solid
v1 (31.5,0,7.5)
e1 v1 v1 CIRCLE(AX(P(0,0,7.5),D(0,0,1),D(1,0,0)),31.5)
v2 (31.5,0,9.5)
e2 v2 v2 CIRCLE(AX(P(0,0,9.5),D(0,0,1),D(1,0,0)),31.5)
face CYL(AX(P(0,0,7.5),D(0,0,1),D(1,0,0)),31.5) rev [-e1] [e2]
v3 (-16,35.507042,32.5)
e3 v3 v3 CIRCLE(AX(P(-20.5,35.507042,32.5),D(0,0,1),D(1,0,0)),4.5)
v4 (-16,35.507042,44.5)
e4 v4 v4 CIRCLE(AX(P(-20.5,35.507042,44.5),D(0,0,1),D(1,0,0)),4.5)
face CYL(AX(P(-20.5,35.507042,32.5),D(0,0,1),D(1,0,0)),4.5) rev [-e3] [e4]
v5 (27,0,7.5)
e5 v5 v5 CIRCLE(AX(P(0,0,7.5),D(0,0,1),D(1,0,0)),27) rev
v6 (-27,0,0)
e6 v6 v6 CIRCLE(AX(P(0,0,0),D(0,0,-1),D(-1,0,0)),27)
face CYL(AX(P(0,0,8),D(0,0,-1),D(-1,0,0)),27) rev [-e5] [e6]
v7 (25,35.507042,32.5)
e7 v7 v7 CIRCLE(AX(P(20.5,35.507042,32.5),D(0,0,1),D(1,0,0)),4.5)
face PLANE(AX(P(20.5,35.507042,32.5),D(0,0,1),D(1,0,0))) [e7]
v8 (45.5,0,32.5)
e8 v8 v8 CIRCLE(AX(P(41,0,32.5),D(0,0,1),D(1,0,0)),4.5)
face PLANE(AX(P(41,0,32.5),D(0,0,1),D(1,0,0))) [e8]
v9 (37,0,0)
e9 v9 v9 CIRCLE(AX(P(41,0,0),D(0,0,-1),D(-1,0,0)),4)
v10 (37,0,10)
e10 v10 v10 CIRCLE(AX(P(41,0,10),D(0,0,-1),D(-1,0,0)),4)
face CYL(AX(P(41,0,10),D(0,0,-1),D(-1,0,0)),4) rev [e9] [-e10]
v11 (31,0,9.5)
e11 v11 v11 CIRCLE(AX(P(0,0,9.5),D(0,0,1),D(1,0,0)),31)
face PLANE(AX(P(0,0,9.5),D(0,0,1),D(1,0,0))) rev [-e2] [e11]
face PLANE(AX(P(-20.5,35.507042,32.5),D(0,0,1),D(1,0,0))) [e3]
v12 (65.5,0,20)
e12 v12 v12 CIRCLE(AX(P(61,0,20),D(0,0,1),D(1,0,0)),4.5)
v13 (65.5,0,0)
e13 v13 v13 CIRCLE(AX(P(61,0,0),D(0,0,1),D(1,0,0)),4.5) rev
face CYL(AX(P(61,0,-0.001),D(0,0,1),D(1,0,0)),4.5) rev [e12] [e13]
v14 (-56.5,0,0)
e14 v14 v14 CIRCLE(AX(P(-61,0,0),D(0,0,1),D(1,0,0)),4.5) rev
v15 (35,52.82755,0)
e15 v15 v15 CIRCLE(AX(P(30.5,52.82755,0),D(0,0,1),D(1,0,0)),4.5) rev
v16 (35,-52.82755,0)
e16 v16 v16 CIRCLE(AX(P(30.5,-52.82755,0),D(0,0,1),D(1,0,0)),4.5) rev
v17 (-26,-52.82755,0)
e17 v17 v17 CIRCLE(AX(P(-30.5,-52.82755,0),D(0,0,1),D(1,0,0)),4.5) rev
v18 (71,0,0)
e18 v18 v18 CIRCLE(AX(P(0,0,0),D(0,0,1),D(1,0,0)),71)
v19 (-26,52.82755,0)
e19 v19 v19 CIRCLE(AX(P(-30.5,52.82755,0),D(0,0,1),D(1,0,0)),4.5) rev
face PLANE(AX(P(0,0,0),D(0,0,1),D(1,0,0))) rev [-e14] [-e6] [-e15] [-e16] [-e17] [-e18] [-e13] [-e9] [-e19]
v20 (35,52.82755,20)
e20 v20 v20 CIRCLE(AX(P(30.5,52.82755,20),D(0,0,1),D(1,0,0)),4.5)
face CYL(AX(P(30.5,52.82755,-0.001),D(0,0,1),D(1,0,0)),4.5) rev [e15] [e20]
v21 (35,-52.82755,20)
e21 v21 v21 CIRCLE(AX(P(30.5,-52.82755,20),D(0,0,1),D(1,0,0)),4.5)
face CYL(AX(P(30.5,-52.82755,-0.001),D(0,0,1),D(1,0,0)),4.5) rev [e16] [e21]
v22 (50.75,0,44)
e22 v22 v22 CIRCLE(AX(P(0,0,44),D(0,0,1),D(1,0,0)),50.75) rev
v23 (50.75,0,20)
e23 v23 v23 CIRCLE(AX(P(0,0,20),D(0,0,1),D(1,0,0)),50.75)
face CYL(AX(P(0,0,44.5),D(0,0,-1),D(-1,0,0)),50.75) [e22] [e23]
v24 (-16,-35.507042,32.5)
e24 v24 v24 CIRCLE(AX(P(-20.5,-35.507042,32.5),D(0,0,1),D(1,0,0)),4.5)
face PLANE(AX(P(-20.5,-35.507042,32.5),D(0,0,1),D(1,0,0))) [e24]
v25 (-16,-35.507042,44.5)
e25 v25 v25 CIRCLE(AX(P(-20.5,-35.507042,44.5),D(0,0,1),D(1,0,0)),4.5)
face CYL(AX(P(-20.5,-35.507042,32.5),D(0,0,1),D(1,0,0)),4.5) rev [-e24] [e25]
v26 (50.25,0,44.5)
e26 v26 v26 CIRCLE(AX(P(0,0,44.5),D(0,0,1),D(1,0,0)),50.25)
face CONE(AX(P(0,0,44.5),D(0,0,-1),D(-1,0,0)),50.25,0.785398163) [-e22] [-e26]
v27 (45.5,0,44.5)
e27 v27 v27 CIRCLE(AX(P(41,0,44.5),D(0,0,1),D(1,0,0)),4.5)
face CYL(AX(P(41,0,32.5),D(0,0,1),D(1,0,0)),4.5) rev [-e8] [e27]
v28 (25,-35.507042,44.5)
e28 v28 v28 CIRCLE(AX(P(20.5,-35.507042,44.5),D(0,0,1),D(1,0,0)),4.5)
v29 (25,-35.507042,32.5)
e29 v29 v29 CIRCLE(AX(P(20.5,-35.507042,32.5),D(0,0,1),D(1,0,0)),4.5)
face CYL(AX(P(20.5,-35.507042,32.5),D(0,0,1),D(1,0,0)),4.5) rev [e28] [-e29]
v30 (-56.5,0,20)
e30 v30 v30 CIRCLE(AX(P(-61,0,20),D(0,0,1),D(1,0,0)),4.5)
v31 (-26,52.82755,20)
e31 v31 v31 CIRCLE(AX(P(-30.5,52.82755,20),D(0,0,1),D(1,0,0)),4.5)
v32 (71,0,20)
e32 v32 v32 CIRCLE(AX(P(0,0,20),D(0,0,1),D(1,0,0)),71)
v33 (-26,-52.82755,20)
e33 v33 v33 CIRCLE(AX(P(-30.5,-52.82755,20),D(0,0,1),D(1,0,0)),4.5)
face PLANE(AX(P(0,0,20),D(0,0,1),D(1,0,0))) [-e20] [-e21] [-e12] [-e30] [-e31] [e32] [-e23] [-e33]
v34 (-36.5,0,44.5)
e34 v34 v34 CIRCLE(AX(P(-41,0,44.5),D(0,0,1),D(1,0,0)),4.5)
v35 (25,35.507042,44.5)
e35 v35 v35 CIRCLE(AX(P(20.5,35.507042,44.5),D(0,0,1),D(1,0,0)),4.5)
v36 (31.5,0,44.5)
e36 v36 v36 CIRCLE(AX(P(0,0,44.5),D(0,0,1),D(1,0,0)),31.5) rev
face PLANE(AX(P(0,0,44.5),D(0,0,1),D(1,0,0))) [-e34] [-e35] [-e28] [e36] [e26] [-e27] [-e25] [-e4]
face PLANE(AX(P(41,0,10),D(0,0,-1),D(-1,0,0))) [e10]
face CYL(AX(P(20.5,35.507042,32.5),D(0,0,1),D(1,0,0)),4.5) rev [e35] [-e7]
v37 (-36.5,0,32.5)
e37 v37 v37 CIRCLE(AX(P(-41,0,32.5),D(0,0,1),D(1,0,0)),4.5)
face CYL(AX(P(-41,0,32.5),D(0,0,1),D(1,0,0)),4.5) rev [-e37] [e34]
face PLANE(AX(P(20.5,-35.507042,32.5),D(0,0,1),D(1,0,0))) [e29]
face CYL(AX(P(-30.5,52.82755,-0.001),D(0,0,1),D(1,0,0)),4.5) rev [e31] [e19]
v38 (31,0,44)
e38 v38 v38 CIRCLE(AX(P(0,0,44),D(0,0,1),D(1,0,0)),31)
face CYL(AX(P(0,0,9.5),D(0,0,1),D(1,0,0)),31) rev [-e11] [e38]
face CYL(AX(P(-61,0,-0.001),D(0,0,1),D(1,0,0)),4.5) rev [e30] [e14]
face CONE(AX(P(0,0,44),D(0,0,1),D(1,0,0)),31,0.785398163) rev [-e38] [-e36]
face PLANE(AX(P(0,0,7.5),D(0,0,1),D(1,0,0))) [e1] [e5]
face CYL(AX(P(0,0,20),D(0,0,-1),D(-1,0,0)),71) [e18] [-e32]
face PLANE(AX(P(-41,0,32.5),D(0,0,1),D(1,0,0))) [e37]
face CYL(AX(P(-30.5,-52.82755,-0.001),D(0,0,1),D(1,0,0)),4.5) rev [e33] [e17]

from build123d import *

# Parameters (mm, degrees)
SKETCH_1_R          = 71
EXTRUDE_1_DEPTH     = 20
SKETCH_2_R          = 50.75
EXTRUDE_2_DEPTH     = 24.5
SKETCH_4_R          = 31
CUT_EXTRUDE_1_DEPTH = 35
CHAMFER_1_SIZE      = 0.5
SKETCH_5_R          = 27
CUT_EXTRUDE_2_DEPTH = 8
SKETCH_6_R          = 31.5
CUT_EXTRUDE_3_DEPTH = 2
CUT_EXTRUDE_4_REACH = 105.355
SKETCH_7_R          = 4.5
SKETCH_8_R          = 4
CUT_EXTRUDE_5_DEPTH = 10
SKETCH_9_R          = 4.5
CUT_EXTRUDE_6_DEPTH = 12


with BuildPart() as part:
    # 草图1 → 凸台-拉伸1 (new body)
    with BuildSketch(Plane.XY):
        Circle(SKETCH_1_R)
    extrude(amount=EXTRUDE_1_DEPTH)

    # 草图2 → 凸台-拉伸2 (add)
    with BuildSketch(Plane.XY.offset(20)):
        Circle(SKETCH_2_R)
    extrude(amount=EXTRUDE_2_DEPTH)

    # 草图4 → 切除-拉伸1 (cut)
    with BuildSketch(Plane.XY.offset(44.5)):
        Circle(SKETCH_4_R)
    extrude(amount=-CUT_EXTRUDE_1_DEPTH, mode=Mode.SUBTRACT)

    # 倒角1
    chamfer_1_edges = [part.edges().sort_by_distance(p)[0] for p in [
        (-31, 0, 44.5),
        (-50.75, 0, 44.5),
    ]]
    chamfer(chamfer_1_edges, length=CHAMFER_1_SIZE)

    # 草图5 → 切除-拉伸2 (cut)
    with BuildSketch(Plane(origin=(0, 0, 0), x_dir=(-1, 0, 0), z_dir=(0, 0, -1))):
        Circle(SKETCH_5_R)
    extrude(amount=-CUT_EXTRUDE_2_DEPTH, mode=Mode.SUBTRACT)

    # 草图6 → 切除-拉伸3 (cut)
    with BuildSketch(Plane.XY.offset(9.5)):
        Circle(SKETCH_6_R)
    extrude(amount=-CUT_EXTRUDE_3_DEPTH, mode=Mode.SUBTRACT)

    # 草图7 → 切除-拉伸4 (cut, up to next)
    with BuildSketch(Plane.XY.offset(20), mode=Mode.PRIVATE) as cut_extrude_4_sk1:
        with Locations((-61, 0)):
            Circle(SKETCH_7_R)
    cut_extrude_4_tool1 = extrude(cut_extrude_4_sk1.sketch, amount=-CUT_EXTRUDE_4_REACH, mode=Mode.PRIVATE) & part.part
    # 草图7 → 切除-拉伸4 (cut, up to next)
    with BuildSketch(Plane.XY.offset(20), mode=Mode.PRIVATE) as cut_extrude_4_sk2:
        with Locations((-30.5, 52.827549631)):
            Circle(SKETCH_7_R)
    cut_extrude_4_tool2 = extrude(cut_extrude_4_sk2.sketch, amount=-CUT_EXTRUDE_4_REACH, mode=Mode.PRIVATE) & part.part
    # 草图7 → 切除-拉伸4 (cut, up to next)
    with BuildSketch(Plane.XY.offset(20), mode=Mode.PRIVATE) as cut_extrude_4_sk3:
        with Locations((30.5, 52.827549631)):
            Circle(SKETCH_7_R)
    cut_extrude_4_tool3 = extrude(cut_extrude_4_sk3.sketch, amount=-CUT_EXTRUDE_4_REACH, mode=Mode.PRIVATE) & part.part
    # 草图7 → 切除-拉伸4 (cut, up to next)
    with BuildSketch(Plane.XY.offset(20), mode=Mode.PRIVATE) as cut_extrude_4_sk4:
        with Locations((61, 0)):
            Circle(SKETCH_7_R)
    cut_extrude_4_tool4 = extrude(cut_extrude_4_sk4.sketch, amount=-CUT_EXTRUDE_4_REACH, mode=Mode.PRIVATE) & part.part
    # 草图7 → 切除-拉伸4 (cut, up to next)
    with BuildSketch(Plane.XY.offset(20), mode=Mode.PRIVATE) as cut_extrude_4_sk5:
        with Locations((30.5, -52.827549631)):
            Circle(SKETCH_7_R)
    cut_extrude_4_tool5 = extrude(cut_extrude_4_sk5.sketch, amount=-CUT_EXTRUDE_4_REACH, mode=Mode.PRIVATE) & part.part
    # 草图7 → 切除-拉伸4 (cut, up to next)
    with BuildSketch(Plane.XY.offset(20), mode=Mode.PRIVATE) as cut_extrude_4_sk6:
        with Locations((-30.5, -52.827549631)):
            Circle(SKETCH_7_R)
    cut_extrude_4_tool6 = extrude(cut_extrude_4_sk6.sketch, amount=-CUT_EXTRUDE_4_REACH, mode=Mode.PRIVATE) & part.part
    add(cut_extrude_4_tool1.solids().sort_by_distance((-61, 0, 20))[0], mode=Mode.SUBTRACT)
    add(cut_extrude_4_tool2.solids().sort_by_distance((-30.5, 52.82755, 20))[0], mode=Mode.SUBTRACT)
    add(cut_extrude_4_tool3.solids().sort_by_distance((30.5, 52.82755, 20))[0], mode=Mode.SUBTRACT)
    add(cut_extrude_4_tool4.solids().sort_by_distance((61, 0, 20))[0], mode=Mode.SUBTRACT)
    add(cut_extrude_4_tool5.solids().sort_by_distance((30.5, -52.82755, 20))[0], mode=Mode.SUBTRACT)
    add(cut_extrude_4_tool6.solids().sort_by_distance((-30.5, -52.82755, 20))[0], mode=Mode.SUBTRACT)

    # 草图8 → 切除-拉伸5 (cut)
    with BuildSketch(Plane(origin=(0, 0, 0), x_dir=(-1, 0, 0), z_dir=(0, 0, -1))):
        with Locations((-41, 0)):
            Circle(SKETCH_8_R)
    extrude(amount=-CUT_EXTRUDE_5_DEPTH, mode=Mode.SUBTRACT)

    # 草图9 → 切除-拉伸6 (cut)
    with BuildSketch(Plane.XY.offset(44.5)):
        with Locations((41, 0)):
            Circle(SKETCH_9_R)
        with Locations((20.5, -35.507041555)):
            Circle(SKETCH_9_R)
        with Locations((-20.5, -35.507041555)):
            Circle(SKETCH_9_R)
        with Locations((-41, 0)):
            Circle(SKETCH_9_R)
        with Locations((-20.5, 35.507041555)):
            Circle(SKETCH_9_R)
        with Locations((20.5, 35.507041555)):
            Circle(SKETCH_9_R)
    extrude(amount=-CUT_EXTRUDE_6_DEPTH, mode=Mode.SUBTRACT)


solid = part.part
